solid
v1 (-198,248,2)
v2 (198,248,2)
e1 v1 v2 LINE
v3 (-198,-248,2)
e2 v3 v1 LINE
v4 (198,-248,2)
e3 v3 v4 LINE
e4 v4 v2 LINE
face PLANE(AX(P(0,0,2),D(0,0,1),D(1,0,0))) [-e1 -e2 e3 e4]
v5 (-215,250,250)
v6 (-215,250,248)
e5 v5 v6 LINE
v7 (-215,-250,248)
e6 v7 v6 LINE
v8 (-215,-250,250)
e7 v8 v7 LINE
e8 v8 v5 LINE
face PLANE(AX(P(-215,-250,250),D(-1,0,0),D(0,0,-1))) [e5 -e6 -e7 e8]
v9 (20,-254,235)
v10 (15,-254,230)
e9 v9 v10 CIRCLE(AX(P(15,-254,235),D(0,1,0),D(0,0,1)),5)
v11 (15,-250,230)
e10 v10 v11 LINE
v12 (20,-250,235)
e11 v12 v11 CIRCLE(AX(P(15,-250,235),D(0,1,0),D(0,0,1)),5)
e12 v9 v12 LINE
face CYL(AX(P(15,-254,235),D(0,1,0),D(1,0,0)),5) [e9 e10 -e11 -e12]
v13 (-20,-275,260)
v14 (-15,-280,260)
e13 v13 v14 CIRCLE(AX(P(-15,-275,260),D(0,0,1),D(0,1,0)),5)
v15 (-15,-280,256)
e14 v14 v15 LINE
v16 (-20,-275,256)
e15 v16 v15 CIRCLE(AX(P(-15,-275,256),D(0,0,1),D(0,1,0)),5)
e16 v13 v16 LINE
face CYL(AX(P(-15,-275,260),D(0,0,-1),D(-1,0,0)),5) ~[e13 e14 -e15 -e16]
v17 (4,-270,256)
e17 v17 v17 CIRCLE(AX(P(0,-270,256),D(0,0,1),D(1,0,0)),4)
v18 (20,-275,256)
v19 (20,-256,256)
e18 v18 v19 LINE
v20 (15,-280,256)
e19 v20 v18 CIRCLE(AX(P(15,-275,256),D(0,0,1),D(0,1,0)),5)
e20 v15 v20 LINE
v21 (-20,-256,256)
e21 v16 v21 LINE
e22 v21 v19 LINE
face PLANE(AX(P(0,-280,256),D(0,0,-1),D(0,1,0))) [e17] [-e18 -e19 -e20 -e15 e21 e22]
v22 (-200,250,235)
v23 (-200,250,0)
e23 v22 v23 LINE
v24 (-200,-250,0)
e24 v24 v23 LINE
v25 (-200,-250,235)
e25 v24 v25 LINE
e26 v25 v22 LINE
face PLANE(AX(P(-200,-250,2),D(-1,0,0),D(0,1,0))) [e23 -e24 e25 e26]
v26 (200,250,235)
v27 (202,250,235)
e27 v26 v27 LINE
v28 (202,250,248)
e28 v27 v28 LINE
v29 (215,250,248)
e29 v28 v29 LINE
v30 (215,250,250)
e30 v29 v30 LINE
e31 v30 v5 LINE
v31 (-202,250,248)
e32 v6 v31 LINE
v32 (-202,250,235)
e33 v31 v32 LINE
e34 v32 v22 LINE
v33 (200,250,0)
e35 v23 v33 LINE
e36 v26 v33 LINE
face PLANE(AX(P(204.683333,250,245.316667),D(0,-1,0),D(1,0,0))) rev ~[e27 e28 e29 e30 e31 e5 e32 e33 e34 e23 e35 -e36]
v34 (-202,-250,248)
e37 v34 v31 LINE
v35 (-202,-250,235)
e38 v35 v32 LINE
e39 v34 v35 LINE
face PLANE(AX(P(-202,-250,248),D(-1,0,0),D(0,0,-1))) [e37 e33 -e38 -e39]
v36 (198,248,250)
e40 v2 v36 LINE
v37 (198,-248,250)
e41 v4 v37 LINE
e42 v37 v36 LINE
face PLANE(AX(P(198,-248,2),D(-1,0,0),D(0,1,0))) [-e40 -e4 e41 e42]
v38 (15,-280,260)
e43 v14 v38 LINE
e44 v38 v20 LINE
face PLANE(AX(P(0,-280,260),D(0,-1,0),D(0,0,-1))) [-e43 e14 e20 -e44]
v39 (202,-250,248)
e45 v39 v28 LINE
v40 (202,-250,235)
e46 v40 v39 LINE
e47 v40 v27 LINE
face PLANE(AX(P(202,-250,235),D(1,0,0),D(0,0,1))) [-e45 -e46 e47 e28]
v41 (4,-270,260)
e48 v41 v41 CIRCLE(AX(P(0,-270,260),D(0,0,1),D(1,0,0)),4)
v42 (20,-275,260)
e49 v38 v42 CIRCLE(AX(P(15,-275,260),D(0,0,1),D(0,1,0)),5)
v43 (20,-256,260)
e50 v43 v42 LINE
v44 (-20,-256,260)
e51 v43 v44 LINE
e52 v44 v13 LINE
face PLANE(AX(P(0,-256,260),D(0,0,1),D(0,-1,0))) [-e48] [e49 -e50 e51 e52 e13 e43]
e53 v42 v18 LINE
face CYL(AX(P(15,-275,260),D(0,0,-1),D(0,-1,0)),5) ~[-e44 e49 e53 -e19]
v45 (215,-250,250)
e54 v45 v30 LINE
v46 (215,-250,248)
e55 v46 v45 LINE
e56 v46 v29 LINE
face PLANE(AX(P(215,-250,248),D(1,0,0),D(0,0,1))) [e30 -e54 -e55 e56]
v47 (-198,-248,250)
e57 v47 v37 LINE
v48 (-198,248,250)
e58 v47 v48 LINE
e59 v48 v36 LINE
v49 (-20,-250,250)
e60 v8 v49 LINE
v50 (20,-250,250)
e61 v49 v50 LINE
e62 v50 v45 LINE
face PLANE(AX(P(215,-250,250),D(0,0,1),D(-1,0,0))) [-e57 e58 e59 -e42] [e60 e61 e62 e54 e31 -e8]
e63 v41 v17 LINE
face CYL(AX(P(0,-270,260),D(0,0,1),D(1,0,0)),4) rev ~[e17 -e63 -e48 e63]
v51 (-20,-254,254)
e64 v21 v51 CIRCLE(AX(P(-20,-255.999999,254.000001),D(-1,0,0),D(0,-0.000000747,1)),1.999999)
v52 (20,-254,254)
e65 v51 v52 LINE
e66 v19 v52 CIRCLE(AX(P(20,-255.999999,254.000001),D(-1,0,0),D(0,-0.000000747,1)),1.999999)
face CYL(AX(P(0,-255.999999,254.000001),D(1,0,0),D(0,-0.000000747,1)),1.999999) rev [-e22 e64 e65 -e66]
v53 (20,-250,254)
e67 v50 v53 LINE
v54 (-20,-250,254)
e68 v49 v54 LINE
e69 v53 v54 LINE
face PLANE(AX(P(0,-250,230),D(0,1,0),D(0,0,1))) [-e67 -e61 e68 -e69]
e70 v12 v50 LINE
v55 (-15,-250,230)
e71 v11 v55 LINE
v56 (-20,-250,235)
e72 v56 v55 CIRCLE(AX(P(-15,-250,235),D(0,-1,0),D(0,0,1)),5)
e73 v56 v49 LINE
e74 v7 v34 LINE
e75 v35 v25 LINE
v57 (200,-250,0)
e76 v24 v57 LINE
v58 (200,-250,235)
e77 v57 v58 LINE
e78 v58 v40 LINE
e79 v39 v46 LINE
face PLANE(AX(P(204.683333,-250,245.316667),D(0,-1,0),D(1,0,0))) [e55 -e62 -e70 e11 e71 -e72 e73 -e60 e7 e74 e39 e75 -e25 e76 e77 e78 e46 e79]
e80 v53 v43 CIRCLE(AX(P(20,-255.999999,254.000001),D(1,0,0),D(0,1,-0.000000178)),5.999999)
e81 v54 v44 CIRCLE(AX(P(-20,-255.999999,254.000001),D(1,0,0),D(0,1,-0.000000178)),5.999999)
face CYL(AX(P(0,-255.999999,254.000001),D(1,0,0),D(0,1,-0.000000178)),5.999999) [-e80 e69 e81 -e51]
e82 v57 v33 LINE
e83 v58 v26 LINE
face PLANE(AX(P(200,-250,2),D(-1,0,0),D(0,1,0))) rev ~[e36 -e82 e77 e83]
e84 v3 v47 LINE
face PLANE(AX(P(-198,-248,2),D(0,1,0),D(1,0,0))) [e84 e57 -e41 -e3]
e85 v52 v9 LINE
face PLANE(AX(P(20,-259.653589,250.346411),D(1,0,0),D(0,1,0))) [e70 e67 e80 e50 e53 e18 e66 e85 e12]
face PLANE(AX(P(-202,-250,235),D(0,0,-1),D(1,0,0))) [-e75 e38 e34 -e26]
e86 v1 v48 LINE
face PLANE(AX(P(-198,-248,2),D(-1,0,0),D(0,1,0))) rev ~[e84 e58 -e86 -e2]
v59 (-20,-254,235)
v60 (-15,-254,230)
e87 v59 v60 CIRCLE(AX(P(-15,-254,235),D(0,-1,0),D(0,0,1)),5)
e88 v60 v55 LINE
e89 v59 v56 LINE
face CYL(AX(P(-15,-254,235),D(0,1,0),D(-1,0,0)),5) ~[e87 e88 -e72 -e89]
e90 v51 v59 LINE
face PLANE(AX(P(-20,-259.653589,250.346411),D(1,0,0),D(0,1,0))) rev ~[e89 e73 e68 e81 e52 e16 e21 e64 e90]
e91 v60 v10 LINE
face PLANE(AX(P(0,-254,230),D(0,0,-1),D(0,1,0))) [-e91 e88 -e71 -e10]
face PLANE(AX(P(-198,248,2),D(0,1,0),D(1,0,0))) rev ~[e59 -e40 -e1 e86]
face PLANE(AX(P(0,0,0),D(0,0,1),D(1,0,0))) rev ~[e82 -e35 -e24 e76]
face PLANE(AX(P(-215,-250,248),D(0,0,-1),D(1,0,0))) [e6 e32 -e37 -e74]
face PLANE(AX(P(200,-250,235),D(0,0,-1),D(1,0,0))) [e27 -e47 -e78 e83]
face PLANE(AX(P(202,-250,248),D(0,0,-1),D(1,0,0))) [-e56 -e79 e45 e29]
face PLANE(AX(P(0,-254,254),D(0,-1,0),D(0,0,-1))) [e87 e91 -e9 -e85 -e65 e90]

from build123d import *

# Parameters (mm, degrees)
F0_W      = 400
F0_H      = 500
F1_DEPTH  = 2
F2_W      = 400
F2_H      = 500
F2_W_2    = 396
F2_H_2    = 496
F3_DEPTH  = 248
F5_DEPTH  = 500
F7_DEPTH  = 20
F8_R      = 5
F10_R     = 4
F11_DEPTH = 25
F12_R     = 5


with BuildPart() as f1:
    # F0 (on Top) → F1 (new body)
    with BuildSketch(Plane.XY):
        Rectangle(F0_W, F0_H)
    extrude(amount=F1_DEPTH)

    # F2 (on face) → F3 (join)
    with BuildSketch(Plane.XY.offset(2)):
        Rectangle(F2_W, F2_H)
        Rectangle(F2_W_2, F2_H_2, mode=Mode.SUBTRACT)
    extrude(amount=F3_DEPTH)

    # F4 (on face) → F5 (join)
    with BuildSketch(Plane.XZ.offset(250)):
        Polygon((215, 250), (200, 250), (200, 235), (202, 235), (202, 248), (215, 248), align=None)
        Polygon((-200, 235), (-200, 250), (-215, 250), (-215, 248), (-202, 248), (-202, 235), align=None)
    extrude(amount=-F5_DEPTH)

    # F6 (on Right) → F7 (join, symmetric)
    with BuildSketch(Plane.YZ):
        with BuildLine():
            Line((-256, 260), (-280, 260))
            Line((-280, 260), (-280, 256))
            Line((-280, 256), (-256, 256))
            ThreePointArc((-256, 256), (-254.585786, 255.414214), (-254, 254))
            Line((-254, 254), (-254, 230))
            Line((-254, 230), (-250, 230))
            Line((-250, 230), (-250, 254))
            ThreePointArc((-250, 254), (-251.757359, 258.242641), (-256, 260))
        make_face()
    extrude(amount=F7_DEPTH, both=True)

    # F8
    f8_edges = [f1.edges().sort_by_distance(p)[0] for p in [
        (20, -280, 258),
        (-20, -280, 258),
    ]]
    fillet(f8_edges, radius=F8_R)

    # F10 (on face) → F11 (cut)
    with BuildSketch(Plane.XY.offset(260)):
        with Locations((0, -270)):
            Circle(F10_R)
    extrude(amount=-F11_DEPTH, mode=Mode.SUBTRACT)

    # F12
    f12_edges = [f1.edges().sort_by_distance(p)[0] for p in [
        (20, -252, 230),
        (-20, -252, 230),
    ]]
    fillet(f12_edges, radius=F12_R)


solid = f1.part
